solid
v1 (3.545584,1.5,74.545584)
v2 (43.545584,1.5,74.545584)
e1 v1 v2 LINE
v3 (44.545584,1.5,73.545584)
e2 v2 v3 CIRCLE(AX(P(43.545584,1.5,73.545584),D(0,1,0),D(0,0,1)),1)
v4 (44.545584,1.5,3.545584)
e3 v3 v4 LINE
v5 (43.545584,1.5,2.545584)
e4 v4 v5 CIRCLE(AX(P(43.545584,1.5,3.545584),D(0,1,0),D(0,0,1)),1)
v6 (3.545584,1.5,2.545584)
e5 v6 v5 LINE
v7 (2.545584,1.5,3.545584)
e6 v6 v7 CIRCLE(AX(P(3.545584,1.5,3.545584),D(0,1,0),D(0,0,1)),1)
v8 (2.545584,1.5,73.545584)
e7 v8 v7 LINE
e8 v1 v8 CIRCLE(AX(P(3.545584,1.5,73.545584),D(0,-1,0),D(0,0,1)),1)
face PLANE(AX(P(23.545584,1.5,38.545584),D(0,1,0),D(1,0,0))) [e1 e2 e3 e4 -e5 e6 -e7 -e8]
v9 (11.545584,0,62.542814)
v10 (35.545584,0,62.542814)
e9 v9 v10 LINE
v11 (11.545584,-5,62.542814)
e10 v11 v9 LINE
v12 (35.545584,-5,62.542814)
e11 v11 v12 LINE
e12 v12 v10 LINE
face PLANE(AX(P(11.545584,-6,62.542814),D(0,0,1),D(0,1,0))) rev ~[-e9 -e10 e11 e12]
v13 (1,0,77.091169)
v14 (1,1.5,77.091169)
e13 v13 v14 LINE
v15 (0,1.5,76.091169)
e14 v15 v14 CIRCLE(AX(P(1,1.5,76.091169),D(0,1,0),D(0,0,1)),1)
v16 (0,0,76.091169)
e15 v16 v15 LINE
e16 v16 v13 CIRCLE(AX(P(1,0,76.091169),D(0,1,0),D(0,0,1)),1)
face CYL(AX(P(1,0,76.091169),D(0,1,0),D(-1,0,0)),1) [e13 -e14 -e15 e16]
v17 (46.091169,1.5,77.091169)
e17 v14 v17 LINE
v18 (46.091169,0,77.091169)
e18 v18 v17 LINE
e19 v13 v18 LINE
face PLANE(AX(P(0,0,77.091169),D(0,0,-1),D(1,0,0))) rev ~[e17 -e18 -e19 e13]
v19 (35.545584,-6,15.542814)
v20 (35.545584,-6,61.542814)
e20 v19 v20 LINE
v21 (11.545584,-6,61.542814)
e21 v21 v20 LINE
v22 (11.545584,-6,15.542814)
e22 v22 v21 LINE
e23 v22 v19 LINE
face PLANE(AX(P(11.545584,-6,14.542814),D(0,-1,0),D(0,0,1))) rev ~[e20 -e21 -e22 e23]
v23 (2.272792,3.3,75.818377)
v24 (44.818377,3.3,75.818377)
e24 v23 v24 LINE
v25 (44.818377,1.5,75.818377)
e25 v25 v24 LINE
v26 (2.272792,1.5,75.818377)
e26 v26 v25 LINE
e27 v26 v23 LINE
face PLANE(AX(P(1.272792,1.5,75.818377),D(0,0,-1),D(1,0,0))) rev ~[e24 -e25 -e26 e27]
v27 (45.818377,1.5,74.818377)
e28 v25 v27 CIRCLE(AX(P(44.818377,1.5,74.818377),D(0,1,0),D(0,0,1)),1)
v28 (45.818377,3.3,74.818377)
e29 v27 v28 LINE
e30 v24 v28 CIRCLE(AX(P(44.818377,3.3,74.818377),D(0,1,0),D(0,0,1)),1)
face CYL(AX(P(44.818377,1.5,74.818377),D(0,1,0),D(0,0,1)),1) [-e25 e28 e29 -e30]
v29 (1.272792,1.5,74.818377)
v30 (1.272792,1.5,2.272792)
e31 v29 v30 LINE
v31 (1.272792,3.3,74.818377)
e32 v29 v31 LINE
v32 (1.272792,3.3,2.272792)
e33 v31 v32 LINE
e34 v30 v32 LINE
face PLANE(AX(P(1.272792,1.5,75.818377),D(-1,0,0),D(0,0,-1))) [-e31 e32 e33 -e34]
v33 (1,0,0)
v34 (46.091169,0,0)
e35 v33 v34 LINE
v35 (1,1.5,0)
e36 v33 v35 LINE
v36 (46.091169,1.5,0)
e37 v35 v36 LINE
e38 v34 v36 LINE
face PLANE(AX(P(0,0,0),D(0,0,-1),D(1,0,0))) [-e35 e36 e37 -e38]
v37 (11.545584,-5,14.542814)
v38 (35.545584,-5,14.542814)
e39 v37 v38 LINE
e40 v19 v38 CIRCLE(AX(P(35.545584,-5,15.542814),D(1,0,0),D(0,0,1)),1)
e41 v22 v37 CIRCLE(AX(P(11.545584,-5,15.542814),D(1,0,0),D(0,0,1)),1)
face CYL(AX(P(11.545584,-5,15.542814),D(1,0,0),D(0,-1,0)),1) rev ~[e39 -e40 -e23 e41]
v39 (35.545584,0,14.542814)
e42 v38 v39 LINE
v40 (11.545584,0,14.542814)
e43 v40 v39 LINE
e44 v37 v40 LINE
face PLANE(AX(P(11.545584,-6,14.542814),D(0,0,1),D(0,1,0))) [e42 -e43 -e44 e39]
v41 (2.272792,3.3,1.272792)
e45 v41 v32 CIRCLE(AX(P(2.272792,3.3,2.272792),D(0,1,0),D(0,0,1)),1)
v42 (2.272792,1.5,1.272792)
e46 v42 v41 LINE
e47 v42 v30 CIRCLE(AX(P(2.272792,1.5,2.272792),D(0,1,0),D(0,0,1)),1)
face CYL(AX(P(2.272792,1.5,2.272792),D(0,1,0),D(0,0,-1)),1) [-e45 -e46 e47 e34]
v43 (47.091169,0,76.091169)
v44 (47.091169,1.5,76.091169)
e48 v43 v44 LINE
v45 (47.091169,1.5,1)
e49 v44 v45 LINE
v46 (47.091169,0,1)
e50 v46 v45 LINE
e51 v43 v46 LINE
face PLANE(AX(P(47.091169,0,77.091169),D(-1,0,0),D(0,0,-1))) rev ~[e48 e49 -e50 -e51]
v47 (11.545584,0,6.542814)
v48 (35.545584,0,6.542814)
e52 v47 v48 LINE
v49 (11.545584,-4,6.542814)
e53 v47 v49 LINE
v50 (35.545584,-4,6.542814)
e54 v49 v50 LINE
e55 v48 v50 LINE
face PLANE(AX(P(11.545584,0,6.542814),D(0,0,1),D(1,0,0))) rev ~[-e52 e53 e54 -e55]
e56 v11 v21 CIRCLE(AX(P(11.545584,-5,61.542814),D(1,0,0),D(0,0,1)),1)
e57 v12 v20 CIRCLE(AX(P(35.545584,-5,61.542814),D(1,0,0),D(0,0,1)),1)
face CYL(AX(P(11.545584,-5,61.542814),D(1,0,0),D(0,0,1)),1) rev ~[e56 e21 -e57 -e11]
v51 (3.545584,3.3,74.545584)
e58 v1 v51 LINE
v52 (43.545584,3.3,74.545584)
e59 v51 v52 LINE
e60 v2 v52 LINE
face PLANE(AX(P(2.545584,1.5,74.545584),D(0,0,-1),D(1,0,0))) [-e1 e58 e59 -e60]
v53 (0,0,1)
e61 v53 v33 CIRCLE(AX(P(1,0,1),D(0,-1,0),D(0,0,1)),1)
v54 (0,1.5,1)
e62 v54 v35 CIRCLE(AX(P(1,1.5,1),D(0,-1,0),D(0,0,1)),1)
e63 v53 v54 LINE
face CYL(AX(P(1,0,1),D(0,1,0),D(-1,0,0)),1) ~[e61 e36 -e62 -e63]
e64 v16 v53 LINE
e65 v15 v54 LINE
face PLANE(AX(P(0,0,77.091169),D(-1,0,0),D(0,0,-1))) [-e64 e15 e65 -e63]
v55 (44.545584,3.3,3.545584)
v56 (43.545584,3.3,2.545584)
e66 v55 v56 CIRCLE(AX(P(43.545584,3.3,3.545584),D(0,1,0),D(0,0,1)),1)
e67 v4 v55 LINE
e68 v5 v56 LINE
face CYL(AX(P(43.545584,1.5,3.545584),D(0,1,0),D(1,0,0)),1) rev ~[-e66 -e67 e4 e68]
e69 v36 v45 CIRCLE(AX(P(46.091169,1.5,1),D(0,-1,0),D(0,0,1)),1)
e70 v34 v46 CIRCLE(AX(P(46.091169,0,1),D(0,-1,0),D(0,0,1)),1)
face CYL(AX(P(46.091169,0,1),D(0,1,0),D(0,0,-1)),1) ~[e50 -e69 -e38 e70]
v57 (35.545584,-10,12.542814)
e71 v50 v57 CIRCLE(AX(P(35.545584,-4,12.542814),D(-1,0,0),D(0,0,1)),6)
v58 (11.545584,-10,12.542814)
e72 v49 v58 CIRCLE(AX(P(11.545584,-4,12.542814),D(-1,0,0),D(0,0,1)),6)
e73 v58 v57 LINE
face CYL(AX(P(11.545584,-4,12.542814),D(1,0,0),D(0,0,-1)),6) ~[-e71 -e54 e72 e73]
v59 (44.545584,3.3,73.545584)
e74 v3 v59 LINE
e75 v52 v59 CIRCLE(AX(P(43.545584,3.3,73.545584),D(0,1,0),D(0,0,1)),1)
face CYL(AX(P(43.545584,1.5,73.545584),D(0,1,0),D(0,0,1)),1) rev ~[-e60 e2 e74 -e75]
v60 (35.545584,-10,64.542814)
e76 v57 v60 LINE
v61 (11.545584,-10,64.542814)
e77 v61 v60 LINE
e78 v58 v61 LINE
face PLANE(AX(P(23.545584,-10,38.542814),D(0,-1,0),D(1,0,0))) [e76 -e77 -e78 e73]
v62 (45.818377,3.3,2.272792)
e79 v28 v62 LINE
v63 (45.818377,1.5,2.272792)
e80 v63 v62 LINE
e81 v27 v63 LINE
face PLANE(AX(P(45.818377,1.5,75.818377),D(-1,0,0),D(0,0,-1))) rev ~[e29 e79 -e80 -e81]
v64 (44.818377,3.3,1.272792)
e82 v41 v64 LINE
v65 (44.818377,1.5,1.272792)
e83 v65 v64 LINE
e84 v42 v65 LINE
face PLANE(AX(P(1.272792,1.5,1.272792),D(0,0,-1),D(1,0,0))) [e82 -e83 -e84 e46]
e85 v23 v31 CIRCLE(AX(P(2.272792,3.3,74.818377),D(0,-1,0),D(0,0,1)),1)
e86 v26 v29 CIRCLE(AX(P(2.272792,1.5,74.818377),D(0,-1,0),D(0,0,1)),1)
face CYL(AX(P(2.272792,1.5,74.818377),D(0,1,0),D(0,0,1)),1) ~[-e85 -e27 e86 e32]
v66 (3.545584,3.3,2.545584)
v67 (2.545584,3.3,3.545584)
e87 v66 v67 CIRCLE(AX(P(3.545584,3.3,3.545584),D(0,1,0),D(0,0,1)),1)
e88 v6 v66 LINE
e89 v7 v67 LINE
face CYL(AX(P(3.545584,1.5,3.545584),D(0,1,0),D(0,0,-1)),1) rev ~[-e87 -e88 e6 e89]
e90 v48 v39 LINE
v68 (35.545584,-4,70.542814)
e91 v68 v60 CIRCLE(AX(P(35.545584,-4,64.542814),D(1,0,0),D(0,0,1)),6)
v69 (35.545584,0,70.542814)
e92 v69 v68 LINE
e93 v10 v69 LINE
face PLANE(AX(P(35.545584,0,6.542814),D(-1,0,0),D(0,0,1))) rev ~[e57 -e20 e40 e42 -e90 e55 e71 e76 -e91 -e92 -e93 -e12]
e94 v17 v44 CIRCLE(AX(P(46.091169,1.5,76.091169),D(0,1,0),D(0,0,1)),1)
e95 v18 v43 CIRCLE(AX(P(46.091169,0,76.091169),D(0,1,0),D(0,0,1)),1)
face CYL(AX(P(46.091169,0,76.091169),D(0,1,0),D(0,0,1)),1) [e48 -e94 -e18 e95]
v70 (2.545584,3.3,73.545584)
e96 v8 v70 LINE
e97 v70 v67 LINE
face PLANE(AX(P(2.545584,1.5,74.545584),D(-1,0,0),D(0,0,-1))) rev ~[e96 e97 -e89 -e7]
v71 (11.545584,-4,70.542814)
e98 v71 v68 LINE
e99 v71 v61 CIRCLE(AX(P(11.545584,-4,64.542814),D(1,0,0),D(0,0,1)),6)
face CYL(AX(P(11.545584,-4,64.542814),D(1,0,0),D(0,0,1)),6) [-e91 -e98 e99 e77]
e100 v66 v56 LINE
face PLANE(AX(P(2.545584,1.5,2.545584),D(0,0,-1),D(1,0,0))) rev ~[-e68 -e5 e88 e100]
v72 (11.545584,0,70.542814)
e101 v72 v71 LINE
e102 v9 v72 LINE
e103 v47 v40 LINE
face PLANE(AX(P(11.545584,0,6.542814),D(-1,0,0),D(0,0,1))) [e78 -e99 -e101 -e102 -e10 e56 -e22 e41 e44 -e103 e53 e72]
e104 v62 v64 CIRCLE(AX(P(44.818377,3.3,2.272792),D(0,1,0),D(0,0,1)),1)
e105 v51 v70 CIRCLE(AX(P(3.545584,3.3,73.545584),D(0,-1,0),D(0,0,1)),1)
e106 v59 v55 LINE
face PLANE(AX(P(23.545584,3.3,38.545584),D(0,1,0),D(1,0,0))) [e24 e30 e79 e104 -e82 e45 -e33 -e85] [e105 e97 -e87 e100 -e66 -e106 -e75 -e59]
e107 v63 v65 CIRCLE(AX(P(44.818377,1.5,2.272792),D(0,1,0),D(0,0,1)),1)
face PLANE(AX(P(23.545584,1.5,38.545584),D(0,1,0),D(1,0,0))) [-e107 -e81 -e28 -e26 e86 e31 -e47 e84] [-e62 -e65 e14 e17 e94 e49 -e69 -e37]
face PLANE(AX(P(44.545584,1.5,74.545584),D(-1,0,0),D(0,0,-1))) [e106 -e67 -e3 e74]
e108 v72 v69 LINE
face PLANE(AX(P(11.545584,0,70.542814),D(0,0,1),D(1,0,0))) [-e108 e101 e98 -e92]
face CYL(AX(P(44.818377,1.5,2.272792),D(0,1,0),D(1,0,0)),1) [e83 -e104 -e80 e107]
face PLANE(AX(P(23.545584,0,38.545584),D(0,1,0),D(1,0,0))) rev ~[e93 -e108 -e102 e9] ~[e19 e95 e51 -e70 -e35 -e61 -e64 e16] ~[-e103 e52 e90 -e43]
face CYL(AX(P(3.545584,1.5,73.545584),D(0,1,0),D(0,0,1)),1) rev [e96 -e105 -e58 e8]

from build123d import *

# Parameters (mm, degrees)
SKETCH1_W           = 47.09116882
SKETCH1_H           = 77.09116882
BOSS_EXTRUDE1_DEPTH = 1.5
SKETCH2_W           = 44.545584412
SKETCH2_H           = 74.545584412
SKETCH2_W_2         = 42
SKETCH2_H_2         = 72
BOSS_EXTRUDE2_DEPTH = 1.8
FILLET1_R           = 1
SKETCH3_W           = 24
SKETCH3_H           = 64
BOSS_EXTRUDE3_DEPTH = 10
SKETCH4_W           = 48
SKETCH4_H           = 6
CUT_EXTRUDE1_DEPTH  = 24
FILLET2_R           = 6
FILLET3_R           = 1


with BuildPart() as part:
    # Sketch1 → Boss-Extrude1 (new body)
    with BuildSketch(Plane(origin=(0, 0, 0), x_dir=(1, 0, 0), z_dir=(0, 1, 0))):
        with Locations((23.54558441, -38.54558441)):
            Rectangle(SKETCH1_W, SKETCH1_H)
    extrude(amount=BOSS_EXTRUDE1_DEPTH)

    # Sketch2 → Boss-Extrude2 (add)
    with BuildSketch(Plane(origin=(0, 1.5, 0), x_dir=(1, 0, 0), z_dir=(0, 1, 0))):
        with Locations((23.545584412, -38.545584412)):
            Rectangle(SKETCH2_W, SKETCH2_H)
        with Locations((23.545584412, -38.545584412)):
            Rectangle(SKETCH2_W_2, SKETCH2_H_2, mode=Mode.SUBTRACT)
    extrude(amount=BOSS_EXTRUDE2_DEPTH)

    # Fillet1
    fillet1_edges = [part.edges().sort_by_distance(p)[0] for p in [
        (1.272792206, 2.4, 1.272792206),
        (1.272792206, 2.4, 75.818376618),
        (45.818376618, 2.4, 75.818376618),
        (45.818376618, 2.4, 1.272792206),
        (44.545584412, 2.4, 74.545584412),
        (44.545584412, 2.4, 2.545584412),
        (2.545584412, 2.4, 2.545584412),
        (2.545584412, 2.4, 74.545584412),
        (0, 0.75, 0),
        (47.09116882, 0.75, 0),
        (47.09116882, 0.75, 77.09116882),
        (0, 0.75, 77.09116882),
    ]]
    fillet(fillet1_edges, radius=FILLET1_R)

    # Sketch3 → Boss-Extrude3 (add)
    with BuildSketch(Plane.XZ):
        with Locations((23.54558441, 38.542813716)):
            Rectangle(SKETCH3_W, SKETCH3_H)
    extrude(amount=BOSS_EXTRUDE3_DEPTH)

    # Sketch4 → Cut-Extrude1 (cut)
    with BuildSketch(Plane.ZY.offset(-11.54558441)):
        with Locations((38.542813716, -3)):
            Rectangle(SKETCH4_W, SKETCH4_H)
    extrude(amount=-CUT_EXTRUDE1_DEPTH, mode=Mode.SUBTRACT)

    # Fillet2
    fillet2_edges = [part.edges().sort_by_distance(p)[0] for p in [
        (23.54558441, -10, 70.542813716),
        (23.54558441, -10, 6.542813716),
    ]]
    fillet(fillet2_edges, radius=FILLET2_R)

    # Fillet3
    fillet3_edges = [part.edges().sort_by_distance(p)[0] for p in [
        (23.54558441, -6, 14.542813716),
        (23.54558441, -6, 62.542813716),
    ]]
    fillet(fillet3_edges, radius=FILLET3_R)


solid = part.part
